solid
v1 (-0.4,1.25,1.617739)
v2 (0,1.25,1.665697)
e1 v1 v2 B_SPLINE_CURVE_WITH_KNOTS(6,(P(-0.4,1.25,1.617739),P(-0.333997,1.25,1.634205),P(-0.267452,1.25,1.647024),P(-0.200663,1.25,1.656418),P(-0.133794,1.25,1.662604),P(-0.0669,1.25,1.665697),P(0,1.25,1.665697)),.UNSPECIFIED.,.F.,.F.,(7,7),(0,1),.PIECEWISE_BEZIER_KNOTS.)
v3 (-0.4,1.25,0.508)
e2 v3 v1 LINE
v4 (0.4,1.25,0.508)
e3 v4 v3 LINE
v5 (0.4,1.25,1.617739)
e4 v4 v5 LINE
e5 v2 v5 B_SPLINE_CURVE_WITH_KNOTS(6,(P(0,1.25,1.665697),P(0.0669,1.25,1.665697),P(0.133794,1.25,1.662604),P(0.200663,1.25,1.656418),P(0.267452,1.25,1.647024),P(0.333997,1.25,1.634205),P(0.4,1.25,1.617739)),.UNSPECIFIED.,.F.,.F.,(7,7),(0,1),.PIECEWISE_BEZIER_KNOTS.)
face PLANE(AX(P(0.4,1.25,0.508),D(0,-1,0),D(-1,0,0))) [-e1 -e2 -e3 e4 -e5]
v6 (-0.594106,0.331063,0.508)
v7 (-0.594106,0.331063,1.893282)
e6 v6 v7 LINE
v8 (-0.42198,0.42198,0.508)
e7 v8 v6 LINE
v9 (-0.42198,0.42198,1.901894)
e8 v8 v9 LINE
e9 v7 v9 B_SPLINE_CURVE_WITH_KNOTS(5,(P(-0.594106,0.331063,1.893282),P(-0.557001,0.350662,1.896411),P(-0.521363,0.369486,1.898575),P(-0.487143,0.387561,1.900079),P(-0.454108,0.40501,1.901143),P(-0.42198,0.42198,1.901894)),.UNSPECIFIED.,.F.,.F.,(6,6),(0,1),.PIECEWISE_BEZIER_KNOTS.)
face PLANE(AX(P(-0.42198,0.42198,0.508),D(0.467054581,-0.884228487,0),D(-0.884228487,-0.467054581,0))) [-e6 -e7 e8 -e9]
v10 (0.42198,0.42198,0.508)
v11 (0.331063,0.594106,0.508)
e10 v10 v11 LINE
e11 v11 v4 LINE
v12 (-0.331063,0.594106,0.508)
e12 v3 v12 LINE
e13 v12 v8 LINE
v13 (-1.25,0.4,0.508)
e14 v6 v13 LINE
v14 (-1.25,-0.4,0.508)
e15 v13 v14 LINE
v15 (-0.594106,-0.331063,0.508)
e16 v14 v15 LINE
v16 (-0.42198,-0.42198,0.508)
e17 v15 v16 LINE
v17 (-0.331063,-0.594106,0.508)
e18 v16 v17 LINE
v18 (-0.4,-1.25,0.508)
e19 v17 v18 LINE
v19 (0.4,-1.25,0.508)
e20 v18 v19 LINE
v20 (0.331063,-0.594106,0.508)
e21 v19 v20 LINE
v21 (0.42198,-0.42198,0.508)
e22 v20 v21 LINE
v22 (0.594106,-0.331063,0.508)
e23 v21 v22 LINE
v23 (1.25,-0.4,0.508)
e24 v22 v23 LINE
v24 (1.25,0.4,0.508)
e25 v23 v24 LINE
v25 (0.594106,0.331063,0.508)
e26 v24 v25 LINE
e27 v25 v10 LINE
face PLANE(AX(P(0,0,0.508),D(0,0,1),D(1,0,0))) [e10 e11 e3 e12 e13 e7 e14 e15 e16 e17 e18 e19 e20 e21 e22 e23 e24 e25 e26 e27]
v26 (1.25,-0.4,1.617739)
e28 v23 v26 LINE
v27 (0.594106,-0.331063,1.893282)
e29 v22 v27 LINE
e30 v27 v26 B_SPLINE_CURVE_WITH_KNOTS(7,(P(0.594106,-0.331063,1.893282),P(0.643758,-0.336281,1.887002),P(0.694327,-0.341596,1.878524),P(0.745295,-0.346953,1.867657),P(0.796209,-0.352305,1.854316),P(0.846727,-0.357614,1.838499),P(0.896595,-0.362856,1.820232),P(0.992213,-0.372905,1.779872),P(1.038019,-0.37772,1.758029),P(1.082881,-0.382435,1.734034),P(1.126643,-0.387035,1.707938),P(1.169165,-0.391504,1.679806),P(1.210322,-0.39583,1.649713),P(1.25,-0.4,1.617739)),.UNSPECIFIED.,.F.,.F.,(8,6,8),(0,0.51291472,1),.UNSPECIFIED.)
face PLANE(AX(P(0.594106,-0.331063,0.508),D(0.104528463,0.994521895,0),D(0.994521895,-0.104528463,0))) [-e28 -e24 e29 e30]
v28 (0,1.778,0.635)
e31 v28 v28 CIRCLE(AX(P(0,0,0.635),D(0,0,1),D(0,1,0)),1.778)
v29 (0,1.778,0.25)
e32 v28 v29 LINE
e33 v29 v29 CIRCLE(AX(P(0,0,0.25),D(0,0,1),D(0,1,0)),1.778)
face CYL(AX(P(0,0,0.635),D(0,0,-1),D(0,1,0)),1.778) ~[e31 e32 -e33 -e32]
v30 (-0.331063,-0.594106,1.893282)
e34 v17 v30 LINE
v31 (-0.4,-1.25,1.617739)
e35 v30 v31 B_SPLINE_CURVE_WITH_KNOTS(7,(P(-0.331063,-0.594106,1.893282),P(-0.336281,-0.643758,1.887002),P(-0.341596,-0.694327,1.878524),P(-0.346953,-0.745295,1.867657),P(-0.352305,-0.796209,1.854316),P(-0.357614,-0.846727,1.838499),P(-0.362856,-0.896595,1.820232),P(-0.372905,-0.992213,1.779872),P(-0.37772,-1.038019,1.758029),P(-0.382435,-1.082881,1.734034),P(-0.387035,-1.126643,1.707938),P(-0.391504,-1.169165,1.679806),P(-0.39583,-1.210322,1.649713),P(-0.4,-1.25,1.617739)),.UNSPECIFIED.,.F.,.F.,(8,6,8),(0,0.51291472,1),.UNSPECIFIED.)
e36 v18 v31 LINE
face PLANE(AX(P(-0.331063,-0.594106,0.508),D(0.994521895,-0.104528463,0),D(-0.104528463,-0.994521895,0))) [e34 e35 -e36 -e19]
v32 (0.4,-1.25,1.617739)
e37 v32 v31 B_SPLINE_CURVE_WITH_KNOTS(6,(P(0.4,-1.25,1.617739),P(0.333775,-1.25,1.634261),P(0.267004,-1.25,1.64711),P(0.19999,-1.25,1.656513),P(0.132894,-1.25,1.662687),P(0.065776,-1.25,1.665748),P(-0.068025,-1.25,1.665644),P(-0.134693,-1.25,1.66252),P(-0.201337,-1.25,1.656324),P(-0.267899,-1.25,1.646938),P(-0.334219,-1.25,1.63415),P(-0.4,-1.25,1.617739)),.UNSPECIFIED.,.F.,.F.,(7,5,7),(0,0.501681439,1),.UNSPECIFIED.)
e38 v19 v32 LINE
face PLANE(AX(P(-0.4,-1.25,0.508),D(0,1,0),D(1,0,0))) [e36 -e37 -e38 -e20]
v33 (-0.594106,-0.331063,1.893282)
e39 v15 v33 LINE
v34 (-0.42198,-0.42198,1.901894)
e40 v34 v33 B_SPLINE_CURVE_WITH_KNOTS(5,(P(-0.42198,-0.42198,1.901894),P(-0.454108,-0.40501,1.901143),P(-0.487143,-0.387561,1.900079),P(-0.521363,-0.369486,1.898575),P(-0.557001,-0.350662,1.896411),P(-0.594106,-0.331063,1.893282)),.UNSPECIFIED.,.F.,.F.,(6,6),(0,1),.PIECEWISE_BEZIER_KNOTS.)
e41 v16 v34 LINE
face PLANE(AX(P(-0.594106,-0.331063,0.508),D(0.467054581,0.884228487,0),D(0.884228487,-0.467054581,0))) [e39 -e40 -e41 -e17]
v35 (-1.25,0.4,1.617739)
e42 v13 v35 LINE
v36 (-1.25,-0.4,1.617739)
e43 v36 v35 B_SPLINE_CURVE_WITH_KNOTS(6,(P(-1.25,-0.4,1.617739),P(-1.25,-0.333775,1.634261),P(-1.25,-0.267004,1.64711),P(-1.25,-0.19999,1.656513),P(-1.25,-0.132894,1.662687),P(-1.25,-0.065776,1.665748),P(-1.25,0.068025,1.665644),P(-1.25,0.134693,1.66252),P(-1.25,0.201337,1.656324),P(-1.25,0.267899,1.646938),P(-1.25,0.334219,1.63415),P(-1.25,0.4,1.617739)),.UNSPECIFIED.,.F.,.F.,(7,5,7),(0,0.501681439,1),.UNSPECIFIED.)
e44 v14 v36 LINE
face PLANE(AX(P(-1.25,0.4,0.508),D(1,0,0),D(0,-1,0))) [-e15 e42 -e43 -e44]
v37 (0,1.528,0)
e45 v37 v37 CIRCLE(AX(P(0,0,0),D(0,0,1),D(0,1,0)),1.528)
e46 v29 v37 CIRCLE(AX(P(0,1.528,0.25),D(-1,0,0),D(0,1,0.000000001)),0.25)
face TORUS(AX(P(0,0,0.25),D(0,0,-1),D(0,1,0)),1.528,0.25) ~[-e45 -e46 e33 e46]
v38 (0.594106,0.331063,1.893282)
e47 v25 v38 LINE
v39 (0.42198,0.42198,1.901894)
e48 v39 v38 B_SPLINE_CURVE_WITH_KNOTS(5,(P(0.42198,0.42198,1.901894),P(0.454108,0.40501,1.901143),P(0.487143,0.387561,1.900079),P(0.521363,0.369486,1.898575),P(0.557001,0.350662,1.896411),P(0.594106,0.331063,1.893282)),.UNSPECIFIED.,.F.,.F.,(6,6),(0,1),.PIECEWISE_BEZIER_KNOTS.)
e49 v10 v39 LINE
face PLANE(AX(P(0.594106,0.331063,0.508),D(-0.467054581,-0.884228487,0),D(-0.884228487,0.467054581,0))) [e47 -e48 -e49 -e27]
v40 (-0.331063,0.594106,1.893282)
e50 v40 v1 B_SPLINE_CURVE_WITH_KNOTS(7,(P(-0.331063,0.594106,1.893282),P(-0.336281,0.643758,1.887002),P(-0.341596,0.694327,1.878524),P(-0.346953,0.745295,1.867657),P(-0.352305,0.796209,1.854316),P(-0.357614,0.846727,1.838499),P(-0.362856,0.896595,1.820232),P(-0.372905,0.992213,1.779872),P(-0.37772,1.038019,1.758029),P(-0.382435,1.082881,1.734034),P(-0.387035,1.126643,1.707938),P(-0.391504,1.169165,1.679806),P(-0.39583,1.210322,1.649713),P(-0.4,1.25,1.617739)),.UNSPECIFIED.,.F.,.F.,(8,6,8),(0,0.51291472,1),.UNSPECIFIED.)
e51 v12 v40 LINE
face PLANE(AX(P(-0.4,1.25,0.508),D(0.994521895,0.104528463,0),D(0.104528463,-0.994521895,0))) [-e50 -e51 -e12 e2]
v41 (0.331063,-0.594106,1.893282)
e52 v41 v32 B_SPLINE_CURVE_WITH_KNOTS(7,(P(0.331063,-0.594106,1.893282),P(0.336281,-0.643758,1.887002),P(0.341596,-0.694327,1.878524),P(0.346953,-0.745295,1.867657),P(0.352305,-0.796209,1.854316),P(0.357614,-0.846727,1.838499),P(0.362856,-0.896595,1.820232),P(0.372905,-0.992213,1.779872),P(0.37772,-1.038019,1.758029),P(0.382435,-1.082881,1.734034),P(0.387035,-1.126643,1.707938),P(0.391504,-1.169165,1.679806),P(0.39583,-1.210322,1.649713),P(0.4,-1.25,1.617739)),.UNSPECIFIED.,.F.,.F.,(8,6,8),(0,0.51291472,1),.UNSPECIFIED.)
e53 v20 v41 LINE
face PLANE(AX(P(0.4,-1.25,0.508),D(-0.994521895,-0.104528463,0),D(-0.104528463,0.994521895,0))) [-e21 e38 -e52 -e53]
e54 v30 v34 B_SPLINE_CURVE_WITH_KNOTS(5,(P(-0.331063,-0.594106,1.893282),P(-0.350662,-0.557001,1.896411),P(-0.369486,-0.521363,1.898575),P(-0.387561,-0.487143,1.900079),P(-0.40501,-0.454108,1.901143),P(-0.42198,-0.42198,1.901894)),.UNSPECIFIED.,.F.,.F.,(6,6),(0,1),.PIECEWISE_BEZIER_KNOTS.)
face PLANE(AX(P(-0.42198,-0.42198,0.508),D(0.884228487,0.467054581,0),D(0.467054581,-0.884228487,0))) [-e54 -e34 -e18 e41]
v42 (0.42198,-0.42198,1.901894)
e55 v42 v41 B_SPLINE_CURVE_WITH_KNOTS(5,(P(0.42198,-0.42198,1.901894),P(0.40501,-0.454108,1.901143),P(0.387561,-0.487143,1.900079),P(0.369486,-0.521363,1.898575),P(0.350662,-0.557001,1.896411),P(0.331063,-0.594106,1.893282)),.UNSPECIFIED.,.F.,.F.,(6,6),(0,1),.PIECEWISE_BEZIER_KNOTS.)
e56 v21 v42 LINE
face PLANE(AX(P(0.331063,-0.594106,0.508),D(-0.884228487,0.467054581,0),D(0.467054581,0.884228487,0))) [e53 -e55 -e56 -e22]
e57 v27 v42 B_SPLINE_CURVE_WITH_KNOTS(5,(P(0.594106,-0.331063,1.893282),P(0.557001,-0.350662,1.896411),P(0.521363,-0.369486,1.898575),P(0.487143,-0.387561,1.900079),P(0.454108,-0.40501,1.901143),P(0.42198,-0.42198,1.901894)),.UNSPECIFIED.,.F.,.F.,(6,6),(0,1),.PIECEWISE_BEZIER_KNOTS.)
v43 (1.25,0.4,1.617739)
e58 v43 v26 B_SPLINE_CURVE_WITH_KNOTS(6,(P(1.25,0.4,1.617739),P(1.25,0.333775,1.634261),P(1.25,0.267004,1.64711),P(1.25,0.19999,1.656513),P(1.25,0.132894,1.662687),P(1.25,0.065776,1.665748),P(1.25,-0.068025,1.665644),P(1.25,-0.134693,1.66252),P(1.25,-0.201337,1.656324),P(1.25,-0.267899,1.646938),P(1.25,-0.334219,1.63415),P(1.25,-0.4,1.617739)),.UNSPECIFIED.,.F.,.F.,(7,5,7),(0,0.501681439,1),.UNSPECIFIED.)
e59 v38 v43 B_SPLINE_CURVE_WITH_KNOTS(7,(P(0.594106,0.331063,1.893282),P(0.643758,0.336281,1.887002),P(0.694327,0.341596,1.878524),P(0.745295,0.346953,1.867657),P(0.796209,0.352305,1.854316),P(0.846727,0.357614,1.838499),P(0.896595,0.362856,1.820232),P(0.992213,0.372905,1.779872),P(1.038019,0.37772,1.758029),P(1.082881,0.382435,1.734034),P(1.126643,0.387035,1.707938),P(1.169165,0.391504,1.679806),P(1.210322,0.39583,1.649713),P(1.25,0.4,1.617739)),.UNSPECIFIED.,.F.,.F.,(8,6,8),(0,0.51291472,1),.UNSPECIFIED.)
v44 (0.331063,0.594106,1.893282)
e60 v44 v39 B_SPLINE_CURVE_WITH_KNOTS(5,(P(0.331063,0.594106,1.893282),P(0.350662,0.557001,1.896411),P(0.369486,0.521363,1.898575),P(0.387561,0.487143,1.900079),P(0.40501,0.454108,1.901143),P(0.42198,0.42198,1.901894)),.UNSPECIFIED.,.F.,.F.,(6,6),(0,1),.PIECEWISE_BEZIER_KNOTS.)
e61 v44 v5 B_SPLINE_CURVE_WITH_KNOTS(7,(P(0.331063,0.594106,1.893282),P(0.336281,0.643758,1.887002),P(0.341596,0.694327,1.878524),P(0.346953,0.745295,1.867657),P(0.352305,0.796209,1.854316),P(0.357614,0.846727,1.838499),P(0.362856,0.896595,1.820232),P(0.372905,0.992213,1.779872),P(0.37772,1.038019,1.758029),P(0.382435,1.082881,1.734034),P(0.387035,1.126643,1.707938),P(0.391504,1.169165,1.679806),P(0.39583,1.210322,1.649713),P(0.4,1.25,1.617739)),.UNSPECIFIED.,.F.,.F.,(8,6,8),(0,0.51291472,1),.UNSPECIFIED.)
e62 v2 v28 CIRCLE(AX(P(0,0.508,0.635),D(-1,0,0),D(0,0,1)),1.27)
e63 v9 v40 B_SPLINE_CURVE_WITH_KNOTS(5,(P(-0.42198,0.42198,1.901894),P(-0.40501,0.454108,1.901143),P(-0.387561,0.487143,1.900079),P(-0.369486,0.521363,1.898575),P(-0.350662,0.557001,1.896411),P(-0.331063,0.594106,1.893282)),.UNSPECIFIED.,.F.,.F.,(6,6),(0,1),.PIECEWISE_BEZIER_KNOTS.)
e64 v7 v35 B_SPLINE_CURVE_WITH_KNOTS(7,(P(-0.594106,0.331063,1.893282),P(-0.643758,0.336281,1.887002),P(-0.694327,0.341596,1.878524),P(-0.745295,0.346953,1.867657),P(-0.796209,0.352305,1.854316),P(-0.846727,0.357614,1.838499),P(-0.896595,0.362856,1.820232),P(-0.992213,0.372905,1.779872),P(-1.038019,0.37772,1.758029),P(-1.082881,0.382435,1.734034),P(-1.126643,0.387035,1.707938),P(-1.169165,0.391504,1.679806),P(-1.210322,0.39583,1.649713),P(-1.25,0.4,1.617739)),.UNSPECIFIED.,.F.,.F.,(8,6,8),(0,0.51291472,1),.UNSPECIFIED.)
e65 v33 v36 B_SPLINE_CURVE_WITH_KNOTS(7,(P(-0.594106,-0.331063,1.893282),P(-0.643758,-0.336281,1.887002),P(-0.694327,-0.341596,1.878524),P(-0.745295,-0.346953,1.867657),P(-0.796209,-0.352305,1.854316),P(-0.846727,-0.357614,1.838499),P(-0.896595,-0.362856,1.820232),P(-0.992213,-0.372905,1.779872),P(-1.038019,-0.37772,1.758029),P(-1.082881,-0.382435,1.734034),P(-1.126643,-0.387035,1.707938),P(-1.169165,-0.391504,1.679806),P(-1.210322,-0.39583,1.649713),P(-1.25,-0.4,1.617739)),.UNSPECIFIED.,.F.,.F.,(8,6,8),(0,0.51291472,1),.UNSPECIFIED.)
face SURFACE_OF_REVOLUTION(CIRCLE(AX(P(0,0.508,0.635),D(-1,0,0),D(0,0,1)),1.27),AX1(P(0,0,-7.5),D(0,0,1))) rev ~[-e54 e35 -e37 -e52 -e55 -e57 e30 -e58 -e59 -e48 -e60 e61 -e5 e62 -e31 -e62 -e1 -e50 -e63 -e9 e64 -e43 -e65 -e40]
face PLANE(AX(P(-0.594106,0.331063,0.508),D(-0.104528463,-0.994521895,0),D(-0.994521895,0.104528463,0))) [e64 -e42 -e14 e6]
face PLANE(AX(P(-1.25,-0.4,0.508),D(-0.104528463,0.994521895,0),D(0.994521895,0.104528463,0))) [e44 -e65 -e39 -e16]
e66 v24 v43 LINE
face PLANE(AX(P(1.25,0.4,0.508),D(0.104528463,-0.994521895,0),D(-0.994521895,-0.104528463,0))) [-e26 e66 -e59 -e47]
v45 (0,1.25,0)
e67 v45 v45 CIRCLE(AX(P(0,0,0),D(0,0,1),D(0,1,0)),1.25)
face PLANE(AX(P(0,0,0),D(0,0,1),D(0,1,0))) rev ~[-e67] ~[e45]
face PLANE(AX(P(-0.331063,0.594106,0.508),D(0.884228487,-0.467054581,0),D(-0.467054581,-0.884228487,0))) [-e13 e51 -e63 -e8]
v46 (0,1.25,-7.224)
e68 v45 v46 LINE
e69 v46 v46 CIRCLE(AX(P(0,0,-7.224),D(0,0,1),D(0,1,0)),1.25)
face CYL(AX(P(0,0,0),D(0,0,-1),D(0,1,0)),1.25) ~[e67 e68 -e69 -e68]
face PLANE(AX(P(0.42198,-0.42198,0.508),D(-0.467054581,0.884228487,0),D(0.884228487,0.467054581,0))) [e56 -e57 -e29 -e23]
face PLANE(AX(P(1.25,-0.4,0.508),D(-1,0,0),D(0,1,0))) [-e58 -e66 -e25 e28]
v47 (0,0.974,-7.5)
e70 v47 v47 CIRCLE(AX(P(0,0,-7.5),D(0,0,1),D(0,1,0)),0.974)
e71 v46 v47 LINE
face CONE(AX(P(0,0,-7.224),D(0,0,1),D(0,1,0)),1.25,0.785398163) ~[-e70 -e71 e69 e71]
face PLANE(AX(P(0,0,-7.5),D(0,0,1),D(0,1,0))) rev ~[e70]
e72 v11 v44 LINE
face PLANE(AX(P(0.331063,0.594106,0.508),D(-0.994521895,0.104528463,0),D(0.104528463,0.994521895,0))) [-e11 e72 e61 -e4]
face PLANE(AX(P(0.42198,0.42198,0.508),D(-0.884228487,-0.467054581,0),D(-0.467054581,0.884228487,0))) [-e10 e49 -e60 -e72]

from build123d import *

# Parameters (mm, degrees)
CUT_EXTRUDE1_DEPTH = 1.524


with BuildPart() as part:
    # Sketch1 → Revolve1 (revolve)
    with BuildSketch(Plane(origin=(0, 0, 0), x_dir=(0, 0, -1), z_dir=(1, 0, 0))):
        with BuildLine():
            Line((-1.905, 0), (-1.905, 0.508))
            ThreePointArc((-1.905, 0.508), (-1.533025612, 1.406025612), (-0.635, 1.778))
            Line((-0.635, 1.778), (-0.250000008, 1.778))
            ThreePointArc((-0.250000008, 1.778), (-0.073223307, 1.704776693), (0, 1.527999992))
            Line((0, 1.527999992), (0, 1.25))
            Line((0, 1.25), (7.224, 1.25))
            Line((7.224, 1.25), (7.5, 0.974))
            Line((7.5, 0.974), (7.5, 0))
            Line((7.5, 0), (-1.905, 0))
        make_face()
    revolve(axis=Axis((0, 0, -7.5), (0, 0, 1)))

    # Sketch2 → Cut-Extrude1 (cut)
    with BuildSketch(Plane.XY.offset(0.508)):
        Polygon((-1.25000004, 0.399999962), (-1.25000004, -0.399999962), (-0.594105965, -0.331062717), (-0.421980421, -0.421980421), (-0.331062717, -0.594105965), (-0.399999962, -1.25000004), (0.399999962, -1.25000004), (0.331062717, -0.594105965), (0.421980421, -0.421980421), (0.594105965, -0.331062717), (1.25000004, -0.399999962), (1.25000004, 0.399999962), (0.594105965, 0.331062717), (0.421980421, 0.421980421), (0.331062717, 0.594105965), (0.399999962, 1.25000004), (-0.399999962, 1.25000004), (-0.331062717, 0.594105965), (-0.421980421, 0.421980421), (-0.594105965, 0.331062717), align=None)
    extrude(amount=CUT_EXTRUDE1_DEPTH, mode=Mode.SUBTRACT)


solid = part.part
